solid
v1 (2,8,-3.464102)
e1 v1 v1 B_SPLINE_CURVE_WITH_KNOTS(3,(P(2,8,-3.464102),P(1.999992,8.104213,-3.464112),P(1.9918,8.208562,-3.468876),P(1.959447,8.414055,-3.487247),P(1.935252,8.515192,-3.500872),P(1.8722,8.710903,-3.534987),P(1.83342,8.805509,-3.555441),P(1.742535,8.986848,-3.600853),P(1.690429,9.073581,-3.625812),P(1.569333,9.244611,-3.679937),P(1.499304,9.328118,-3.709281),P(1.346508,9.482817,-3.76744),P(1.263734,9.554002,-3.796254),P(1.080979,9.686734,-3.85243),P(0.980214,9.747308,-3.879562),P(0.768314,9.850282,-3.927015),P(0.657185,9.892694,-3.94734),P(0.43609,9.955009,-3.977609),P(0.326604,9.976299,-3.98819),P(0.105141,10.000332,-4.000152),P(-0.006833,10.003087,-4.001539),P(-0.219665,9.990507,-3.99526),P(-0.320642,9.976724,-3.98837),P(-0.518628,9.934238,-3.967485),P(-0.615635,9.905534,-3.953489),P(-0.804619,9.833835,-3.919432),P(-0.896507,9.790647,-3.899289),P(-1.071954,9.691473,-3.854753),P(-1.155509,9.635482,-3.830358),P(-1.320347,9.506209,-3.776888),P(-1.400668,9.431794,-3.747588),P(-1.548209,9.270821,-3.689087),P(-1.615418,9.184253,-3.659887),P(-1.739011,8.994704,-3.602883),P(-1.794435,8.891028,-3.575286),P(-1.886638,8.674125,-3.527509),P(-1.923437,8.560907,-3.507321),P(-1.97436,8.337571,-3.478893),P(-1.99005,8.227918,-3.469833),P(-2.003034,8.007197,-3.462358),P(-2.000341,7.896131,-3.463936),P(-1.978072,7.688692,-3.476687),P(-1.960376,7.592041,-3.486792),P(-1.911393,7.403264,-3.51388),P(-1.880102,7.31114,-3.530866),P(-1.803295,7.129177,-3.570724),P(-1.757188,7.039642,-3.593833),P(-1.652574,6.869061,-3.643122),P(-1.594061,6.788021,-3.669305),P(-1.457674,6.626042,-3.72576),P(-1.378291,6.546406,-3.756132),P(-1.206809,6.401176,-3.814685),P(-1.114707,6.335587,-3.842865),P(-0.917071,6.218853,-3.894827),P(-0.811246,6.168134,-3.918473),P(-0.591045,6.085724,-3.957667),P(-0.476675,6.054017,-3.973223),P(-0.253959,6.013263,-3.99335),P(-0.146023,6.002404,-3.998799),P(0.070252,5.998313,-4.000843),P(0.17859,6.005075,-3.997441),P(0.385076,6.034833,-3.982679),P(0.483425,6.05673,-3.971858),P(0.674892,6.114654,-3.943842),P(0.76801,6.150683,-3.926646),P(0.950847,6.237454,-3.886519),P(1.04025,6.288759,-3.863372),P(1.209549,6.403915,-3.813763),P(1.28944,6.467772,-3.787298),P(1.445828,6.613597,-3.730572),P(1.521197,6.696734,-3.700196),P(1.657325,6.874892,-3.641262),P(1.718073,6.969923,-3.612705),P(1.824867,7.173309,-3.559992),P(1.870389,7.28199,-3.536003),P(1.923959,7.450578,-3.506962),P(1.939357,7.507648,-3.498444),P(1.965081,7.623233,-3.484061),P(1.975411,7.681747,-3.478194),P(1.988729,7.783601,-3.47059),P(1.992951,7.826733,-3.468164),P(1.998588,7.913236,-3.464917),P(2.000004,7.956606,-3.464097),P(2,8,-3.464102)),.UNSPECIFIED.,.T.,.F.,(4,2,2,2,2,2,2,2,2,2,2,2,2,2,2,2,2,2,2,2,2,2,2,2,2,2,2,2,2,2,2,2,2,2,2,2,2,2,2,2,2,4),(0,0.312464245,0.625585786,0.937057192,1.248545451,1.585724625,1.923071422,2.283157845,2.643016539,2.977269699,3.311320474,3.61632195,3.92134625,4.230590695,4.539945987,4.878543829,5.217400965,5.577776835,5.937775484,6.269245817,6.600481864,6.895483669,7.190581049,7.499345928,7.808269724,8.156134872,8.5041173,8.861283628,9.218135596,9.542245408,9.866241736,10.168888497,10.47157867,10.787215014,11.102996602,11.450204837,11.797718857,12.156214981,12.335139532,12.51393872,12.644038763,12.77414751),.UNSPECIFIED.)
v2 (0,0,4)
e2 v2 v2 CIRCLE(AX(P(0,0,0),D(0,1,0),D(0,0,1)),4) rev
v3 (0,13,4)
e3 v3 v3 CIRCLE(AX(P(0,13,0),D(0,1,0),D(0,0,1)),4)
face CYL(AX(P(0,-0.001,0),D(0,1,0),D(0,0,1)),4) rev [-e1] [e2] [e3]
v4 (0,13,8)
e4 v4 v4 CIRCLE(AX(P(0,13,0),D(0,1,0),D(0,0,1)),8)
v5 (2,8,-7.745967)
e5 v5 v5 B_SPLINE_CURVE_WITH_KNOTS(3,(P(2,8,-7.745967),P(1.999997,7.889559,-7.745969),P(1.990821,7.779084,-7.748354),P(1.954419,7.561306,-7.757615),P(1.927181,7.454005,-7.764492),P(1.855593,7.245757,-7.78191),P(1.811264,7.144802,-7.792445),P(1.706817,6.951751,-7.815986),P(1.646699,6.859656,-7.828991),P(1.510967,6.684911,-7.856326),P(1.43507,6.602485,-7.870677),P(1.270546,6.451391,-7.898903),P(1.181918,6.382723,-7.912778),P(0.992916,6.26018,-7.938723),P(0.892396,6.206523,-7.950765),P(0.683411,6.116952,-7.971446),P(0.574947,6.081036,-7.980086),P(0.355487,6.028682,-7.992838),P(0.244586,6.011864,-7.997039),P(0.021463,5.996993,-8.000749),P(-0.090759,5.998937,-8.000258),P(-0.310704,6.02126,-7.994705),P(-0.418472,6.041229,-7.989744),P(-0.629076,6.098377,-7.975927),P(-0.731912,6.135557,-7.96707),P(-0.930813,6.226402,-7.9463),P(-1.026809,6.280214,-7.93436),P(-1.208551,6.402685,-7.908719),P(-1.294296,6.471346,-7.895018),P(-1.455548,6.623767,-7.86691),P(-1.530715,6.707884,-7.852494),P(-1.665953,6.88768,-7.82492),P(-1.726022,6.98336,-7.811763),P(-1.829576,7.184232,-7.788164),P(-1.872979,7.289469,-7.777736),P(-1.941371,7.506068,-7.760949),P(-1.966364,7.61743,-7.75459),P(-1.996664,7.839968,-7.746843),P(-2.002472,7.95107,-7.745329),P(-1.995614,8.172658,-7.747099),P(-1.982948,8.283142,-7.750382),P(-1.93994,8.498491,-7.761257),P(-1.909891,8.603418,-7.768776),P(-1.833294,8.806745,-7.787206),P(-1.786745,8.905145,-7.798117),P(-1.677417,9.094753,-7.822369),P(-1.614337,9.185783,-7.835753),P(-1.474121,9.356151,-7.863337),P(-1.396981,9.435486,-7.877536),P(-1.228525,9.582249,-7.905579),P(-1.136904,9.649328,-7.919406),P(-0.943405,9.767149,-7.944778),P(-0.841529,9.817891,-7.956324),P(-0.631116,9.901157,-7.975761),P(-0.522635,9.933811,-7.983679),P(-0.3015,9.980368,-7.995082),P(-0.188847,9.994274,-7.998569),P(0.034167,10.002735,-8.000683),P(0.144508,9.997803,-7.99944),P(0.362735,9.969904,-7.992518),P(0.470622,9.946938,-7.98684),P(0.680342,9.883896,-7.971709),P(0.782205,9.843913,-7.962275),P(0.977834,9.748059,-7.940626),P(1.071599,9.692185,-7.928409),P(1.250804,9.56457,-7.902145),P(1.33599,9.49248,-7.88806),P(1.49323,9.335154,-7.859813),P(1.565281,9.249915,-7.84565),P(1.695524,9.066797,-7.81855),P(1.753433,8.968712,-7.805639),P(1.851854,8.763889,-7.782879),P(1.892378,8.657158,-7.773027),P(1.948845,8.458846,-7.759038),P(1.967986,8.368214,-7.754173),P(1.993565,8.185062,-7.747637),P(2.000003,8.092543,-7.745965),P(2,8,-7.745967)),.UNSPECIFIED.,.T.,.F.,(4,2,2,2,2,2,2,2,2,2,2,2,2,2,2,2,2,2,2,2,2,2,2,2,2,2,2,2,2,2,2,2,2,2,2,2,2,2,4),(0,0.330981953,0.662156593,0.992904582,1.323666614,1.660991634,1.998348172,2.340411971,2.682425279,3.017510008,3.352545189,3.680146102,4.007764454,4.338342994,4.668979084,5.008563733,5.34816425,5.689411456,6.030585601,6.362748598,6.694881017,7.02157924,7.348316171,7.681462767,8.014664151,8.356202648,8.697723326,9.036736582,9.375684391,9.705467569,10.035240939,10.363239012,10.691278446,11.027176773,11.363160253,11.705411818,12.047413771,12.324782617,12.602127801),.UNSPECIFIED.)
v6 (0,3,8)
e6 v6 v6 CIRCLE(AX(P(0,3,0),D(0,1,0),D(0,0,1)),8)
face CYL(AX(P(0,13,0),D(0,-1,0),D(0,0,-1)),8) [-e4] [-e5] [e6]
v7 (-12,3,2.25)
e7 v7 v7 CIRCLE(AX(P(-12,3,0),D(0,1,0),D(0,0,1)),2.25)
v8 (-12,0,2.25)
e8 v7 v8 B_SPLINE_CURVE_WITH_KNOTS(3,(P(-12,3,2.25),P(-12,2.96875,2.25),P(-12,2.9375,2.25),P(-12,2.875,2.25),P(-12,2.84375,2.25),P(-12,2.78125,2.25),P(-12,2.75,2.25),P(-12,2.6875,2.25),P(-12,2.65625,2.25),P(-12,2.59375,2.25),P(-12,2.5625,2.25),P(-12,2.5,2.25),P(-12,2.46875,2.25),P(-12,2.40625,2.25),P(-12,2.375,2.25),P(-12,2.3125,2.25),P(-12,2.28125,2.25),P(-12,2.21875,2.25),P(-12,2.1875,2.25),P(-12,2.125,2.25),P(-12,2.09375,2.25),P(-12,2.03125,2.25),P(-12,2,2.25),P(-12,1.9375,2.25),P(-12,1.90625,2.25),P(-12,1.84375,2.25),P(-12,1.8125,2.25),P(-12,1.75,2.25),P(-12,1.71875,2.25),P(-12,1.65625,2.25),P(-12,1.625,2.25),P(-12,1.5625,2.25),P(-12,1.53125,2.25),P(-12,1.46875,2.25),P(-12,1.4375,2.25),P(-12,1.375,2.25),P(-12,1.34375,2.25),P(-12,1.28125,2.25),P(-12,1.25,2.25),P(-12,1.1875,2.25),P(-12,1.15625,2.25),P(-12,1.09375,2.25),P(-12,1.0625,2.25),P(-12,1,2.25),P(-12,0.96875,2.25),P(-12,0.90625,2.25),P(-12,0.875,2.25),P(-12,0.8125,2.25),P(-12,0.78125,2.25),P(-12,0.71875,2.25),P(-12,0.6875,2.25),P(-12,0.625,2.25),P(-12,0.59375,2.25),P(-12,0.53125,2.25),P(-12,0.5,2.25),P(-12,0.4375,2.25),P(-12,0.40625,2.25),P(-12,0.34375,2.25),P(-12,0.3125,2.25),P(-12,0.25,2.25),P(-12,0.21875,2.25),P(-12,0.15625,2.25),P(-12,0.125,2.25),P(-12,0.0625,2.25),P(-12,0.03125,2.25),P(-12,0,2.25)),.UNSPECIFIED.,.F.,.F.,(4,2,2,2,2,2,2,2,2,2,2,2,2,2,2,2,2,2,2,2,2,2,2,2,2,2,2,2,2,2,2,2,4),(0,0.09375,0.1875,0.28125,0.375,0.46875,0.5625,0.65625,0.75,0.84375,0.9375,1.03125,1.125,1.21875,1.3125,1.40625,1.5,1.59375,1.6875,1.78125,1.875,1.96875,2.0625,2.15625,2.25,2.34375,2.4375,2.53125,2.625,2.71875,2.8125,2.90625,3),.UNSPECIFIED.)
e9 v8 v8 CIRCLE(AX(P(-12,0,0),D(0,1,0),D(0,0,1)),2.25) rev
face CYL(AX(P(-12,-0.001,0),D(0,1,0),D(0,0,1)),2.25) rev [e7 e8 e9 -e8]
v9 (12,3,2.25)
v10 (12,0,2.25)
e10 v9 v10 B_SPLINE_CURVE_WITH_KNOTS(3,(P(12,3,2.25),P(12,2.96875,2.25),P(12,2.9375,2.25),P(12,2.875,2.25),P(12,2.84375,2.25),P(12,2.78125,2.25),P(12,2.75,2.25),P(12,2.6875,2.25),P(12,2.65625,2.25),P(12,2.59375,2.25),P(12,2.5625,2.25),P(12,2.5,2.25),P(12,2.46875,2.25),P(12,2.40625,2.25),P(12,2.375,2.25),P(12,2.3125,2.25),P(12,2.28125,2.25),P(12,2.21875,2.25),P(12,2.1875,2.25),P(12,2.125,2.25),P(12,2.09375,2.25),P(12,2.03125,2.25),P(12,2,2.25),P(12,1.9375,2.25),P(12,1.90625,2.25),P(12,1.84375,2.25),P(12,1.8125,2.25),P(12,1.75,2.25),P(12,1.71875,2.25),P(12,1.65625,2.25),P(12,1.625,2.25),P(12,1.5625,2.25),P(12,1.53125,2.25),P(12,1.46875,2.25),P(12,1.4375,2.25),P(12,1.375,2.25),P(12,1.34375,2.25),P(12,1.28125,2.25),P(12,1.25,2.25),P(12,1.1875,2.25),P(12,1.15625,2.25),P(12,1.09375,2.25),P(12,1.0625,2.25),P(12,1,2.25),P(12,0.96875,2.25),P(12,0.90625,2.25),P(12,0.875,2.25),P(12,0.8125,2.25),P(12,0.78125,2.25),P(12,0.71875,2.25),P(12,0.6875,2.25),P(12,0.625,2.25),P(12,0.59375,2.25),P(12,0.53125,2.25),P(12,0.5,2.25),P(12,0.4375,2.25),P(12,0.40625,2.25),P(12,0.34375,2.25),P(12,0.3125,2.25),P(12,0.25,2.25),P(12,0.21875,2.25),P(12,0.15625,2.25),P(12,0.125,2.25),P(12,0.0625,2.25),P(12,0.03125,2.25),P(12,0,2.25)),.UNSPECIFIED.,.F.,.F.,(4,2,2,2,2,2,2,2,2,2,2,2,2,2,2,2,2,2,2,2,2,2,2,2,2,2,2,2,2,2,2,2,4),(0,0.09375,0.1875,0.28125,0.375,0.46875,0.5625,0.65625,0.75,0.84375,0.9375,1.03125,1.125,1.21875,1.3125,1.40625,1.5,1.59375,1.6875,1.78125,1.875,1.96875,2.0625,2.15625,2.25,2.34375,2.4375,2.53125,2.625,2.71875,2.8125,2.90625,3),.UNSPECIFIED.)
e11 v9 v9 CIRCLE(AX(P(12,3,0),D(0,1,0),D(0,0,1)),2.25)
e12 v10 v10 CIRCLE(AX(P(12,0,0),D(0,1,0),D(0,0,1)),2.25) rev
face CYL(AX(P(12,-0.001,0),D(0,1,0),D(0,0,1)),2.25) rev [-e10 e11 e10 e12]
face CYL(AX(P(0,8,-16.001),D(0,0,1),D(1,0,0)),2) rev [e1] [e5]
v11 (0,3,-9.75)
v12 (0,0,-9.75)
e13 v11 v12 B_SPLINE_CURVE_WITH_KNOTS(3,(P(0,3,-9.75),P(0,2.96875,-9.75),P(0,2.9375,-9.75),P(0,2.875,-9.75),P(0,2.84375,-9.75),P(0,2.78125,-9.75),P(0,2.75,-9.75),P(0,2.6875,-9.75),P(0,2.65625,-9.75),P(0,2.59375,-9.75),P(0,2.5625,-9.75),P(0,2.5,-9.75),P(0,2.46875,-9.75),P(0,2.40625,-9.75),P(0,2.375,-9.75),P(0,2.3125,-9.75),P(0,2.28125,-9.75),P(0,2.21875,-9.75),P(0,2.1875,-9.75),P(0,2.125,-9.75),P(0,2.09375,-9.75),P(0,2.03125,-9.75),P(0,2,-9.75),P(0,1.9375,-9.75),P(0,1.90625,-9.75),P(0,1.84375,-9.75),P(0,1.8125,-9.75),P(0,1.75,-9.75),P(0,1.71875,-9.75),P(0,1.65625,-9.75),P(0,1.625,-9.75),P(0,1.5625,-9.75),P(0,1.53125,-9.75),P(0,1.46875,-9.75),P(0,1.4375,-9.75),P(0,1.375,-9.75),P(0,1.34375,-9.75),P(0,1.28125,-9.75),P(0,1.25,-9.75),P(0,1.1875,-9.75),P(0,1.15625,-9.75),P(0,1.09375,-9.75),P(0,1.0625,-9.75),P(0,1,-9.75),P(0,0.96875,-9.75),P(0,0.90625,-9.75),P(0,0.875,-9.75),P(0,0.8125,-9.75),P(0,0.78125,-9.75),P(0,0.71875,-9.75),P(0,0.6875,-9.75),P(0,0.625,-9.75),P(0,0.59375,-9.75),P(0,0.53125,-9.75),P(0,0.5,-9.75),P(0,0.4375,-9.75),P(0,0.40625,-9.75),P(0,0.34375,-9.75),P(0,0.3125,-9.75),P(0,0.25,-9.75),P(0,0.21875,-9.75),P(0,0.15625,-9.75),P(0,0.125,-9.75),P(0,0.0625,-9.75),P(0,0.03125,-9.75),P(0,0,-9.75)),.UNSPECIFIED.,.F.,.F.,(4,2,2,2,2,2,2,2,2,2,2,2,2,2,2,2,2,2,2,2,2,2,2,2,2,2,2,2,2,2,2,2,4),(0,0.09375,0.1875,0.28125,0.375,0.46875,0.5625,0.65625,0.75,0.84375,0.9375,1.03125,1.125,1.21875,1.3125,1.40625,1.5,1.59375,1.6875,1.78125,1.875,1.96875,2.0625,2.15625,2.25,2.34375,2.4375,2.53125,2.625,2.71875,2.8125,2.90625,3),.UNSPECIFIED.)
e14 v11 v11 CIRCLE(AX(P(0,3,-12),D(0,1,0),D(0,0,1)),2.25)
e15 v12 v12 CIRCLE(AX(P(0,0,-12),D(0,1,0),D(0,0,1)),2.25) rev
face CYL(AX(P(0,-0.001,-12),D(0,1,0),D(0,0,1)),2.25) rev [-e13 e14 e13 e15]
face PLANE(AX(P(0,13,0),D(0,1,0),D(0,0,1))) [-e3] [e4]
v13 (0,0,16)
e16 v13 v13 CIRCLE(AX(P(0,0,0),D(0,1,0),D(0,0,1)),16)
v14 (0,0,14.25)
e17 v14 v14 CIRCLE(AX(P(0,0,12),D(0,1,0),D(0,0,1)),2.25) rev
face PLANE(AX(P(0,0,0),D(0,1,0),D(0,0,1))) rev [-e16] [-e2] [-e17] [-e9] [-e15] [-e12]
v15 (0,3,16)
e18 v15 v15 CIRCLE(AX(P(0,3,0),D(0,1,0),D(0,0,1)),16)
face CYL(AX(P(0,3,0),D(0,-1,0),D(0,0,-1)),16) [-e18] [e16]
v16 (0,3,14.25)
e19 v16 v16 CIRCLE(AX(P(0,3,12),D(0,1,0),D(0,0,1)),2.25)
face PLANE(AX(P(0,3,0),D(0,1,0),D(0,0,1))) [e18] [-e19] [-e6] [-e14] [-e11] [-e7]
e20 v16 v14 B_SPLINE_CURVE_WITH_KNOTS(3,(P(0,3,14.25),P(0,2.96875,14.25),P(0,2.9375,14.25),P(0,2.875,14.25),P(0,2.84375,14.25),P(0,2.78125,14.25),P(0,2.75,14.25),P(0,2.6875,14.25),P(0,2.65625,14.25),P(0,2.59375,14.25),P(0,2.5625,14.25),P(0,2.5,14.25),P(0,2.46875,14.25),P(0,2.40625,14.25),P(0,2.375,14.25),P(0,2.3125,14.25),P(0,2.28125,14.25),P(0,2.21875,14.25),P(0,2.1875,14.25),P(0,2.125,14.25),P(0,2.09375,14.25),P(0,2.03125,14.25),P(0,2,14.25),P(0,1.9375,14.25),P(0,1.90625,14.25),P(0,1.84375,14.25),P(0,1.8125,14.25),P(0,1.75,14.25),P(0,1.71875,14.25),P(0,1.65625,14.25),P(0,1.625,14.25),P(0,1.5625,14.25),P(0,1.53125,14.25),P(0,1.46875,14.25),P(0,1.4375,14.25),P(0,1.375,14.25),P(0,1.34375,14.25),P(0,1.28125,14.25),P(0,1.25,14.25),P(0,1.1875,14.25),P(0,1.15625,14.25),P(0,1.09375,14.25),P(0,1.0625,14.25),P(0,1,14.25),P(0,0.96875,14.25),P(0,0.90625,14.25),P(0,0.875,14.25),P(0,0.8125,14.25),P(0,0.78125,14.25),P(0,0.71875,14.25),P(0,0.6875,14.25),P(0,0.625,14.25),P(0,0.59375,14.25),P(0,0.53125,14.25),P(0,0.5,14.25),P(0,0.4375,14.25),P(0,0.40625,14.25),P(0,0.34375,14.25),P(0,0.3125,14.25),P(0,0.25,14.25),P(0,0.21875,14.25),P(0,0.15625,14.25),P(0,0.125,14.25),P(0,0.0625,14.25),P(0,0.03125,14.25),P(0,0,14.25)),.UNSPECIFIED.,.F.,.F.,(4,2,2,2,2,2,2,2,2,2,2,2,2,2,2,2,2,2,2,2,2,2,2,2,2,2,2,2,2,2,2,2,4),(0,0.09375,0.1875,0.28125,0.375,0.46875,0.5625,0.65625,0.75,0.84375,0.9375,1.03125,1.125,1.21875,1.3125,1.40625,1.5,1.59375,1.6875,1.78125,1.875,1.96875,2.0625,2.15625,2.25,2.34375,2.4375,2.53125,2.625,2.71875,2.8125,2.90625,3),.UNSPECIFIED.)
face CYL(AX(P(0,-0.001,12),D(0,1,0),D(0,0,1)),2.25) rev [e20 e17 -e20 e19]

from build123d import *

# Parameters (mm, degrees)
SKETCH1_R               = 16
BOSS_EXTRUDE1_DEPTH     = 3
SKETCH2_R               = 8
BOSS_EXTRUDE2_DEPTH     = 10
CUT_EXTRUDE1_REACH      = 28.096
SKETCH3_R               = 4
CUT_EXTRUDE2_REACH      = 26.739
SKETCH4_R               = 2.25
CUT_EXTRUDE3_REACH      = 28.096
CUT_EXTRUDE3_END_RADIUS = 8
SKETCH5_R               = 2


with BuildPart() as part:
    # Sketch1 → Boss-Extrude1 (new body)
    with BuildSketch(Plane(origin=(0, 0, 0), x_dir=(1, 0, 0), z_dir=(0, 1, 0))):
        with Locations(Location((0, 0, 0), (0, 0, 270))):
            Circle(SKETCH1_R)
    extrude(amount=BOSS_EXTRUDE1_DEPTH)

    # Sketch2 → Boss-Extrude2 (add)
    with BuildSketch(Plane(origin=(0, 3, 0), x_dir=(1, 0, 0), z_dir=(0, 1, 0))):
        with Locations(Location((0, 0, 0), (0, 0, 270))):
            Circle(SKETCH2_R)
    extrude(amount=BOSS_EXTRUDE2_DEPTH)

    # Sketch3 → Cut-Extrude1 (cut, up to next)
    with BuildSketch(Plane(origin=(0, 13, 0), x_dir=(1, 0, 0), z_dir=(0, 1, 0)), mode=Mode.PRIVATE) as cut_extrude1_sk1:
        with Locations(Location((0, 0, 0), (0, 0, 270))):
            Circle(SKETCH3_R)
    cut_extrude1_tool1 = extrude(cut_extrude1_sk1.sketch, amount=-CUT_EXTRUDE1_REACH, mode=Mode.PRIVATE) & part.part
    add(cut_extrude1_tool1.solids().sort_by_distance((0, 13, 0))[0], mode=Mode.SUBTRACT)

    # Sketch4 → Cut-Extrude2 (cut, up to next)
    with BuildSketch(Plane(origin=(0, 3, 0), x_dir=(1, 0, 0), z_dir=(0, 1, 0)), mode=Mode.PRIVATE) as cut_extrude2_sk1:
        with Locations(Location((0, 12, 0), (0, 0, 270))):
            Circle(SKETCH4_R)
    cut_extrude2_tool1 = extrude(cut_extrude2_sk1.sketch, amount=-CUT_EXTRUDE2_REACH, mode=Mode.PRIVATE) & part.part
    # Sketch4 → Cut-Extrude2 (cut, up to next)
    with BuildSketch(Plane(origin=(0, 3, 0), x_dir=(1, 0, 0), z_dir=(0, 1, 0)), mode=Mode.PRIVATE) as cut_extrude2_sk2:
        with Locations(Location((12, 0, 0), (0, 0, 270))):
            Circle(SKETCH4_R)
    cut_extrude2_tool2 = extrude(cut_extrude2_sk2.sketch, amount=-CUT_EXTRUDE2_REACH, mode=Mode.PRIVATE) & part.part
    # Sketch4 → Cut-Extrude2 (cut, up to next)
    with BuildSketch(Plane(origin=(0, 3, 0), x_dir=(1, 0, 0), z_dir=(0, 1, 0)), mode=Mode.PRIVATE) as cut_extrude2_sk3:
        with Locations(Location((0, -12, 0), (0, 0, 270))):
            Circle(SKETCH4_R)
    cut_extrude2_tool3 = extrude(cut_extrude2_sk3.sketch, amount=-CUT_EXTRUDE2_REACH, mode=Mode.PRIVATE) & part.part
    # Sketch4 → Cut-Extrude2 (cut, up to next)
    with BuildSketch(Plane(origin=(0, 3, 0), x_dir=(1, 0, 0), z_dir=(0, 1, 0)), mode=Mode.PRIVATE) as cut_extrude2_sk4:
        with Locations(Location((-12, 0, 0), (0, 0, 270))):
            Circle(SKETCH4_R)
    cut_extrude2_tool4 = extrude(cut_extrude2_sk4.sketch, amount=-CUT_EXTRUDE2_REACH, mode=Mode.PRIVATE) & part.part
    add(cut_extrude2_tool1.solids().sort_by_distance((0, 3, -12))[0], mode=Mode.SUBTRACT)
    add(cut_extrude2_tool2.solids().sort_by_distance((12, 3, 0))[0], mode=Mode.SUBTRACT)
    add(cut_extrude2_tool3.solids().sort_by_distance((0, 3, 12))[0], mode=Mode.SUBTRACT)
    add(cut_extrude2_tool4.solids().sort_by_distance((-12, 3, 0))[0], mode=Mode.SUBTRACT)

    # Cut-Extrude3: up to this cylinder (the profile starts inside it)
    cut_extrude3_end = Plane(origin=(0, 8, 0), z_dir=(0, -1, 0)) * Cylinder(CUT_EXTRUDE3_END_RADIUS, 73.192, mode=Mode.PRIVATE)
    # Sketch5 → Cut-Extrude3 (cut, up to the surface)
    with BuildSketch(Plane.XY, mode=Mode.PRIVATE) as cut_extrude3_sk1:
        with Locations((0, 8)):
            Circle(SKETCH5_R)
    cut_extrude3_tool1 = extrude(cut_extrude3_sk1.sketch, amount=-CUT_EXTRUDE3_REACH, mode=Mode.PRIVATE) & cut_extrude3_end
    add(cut_extrude3_tool1.solids().sort_by_distance((0, 8, 0))[0], mode=Mode.SUBTRACT)


solid = part.part
